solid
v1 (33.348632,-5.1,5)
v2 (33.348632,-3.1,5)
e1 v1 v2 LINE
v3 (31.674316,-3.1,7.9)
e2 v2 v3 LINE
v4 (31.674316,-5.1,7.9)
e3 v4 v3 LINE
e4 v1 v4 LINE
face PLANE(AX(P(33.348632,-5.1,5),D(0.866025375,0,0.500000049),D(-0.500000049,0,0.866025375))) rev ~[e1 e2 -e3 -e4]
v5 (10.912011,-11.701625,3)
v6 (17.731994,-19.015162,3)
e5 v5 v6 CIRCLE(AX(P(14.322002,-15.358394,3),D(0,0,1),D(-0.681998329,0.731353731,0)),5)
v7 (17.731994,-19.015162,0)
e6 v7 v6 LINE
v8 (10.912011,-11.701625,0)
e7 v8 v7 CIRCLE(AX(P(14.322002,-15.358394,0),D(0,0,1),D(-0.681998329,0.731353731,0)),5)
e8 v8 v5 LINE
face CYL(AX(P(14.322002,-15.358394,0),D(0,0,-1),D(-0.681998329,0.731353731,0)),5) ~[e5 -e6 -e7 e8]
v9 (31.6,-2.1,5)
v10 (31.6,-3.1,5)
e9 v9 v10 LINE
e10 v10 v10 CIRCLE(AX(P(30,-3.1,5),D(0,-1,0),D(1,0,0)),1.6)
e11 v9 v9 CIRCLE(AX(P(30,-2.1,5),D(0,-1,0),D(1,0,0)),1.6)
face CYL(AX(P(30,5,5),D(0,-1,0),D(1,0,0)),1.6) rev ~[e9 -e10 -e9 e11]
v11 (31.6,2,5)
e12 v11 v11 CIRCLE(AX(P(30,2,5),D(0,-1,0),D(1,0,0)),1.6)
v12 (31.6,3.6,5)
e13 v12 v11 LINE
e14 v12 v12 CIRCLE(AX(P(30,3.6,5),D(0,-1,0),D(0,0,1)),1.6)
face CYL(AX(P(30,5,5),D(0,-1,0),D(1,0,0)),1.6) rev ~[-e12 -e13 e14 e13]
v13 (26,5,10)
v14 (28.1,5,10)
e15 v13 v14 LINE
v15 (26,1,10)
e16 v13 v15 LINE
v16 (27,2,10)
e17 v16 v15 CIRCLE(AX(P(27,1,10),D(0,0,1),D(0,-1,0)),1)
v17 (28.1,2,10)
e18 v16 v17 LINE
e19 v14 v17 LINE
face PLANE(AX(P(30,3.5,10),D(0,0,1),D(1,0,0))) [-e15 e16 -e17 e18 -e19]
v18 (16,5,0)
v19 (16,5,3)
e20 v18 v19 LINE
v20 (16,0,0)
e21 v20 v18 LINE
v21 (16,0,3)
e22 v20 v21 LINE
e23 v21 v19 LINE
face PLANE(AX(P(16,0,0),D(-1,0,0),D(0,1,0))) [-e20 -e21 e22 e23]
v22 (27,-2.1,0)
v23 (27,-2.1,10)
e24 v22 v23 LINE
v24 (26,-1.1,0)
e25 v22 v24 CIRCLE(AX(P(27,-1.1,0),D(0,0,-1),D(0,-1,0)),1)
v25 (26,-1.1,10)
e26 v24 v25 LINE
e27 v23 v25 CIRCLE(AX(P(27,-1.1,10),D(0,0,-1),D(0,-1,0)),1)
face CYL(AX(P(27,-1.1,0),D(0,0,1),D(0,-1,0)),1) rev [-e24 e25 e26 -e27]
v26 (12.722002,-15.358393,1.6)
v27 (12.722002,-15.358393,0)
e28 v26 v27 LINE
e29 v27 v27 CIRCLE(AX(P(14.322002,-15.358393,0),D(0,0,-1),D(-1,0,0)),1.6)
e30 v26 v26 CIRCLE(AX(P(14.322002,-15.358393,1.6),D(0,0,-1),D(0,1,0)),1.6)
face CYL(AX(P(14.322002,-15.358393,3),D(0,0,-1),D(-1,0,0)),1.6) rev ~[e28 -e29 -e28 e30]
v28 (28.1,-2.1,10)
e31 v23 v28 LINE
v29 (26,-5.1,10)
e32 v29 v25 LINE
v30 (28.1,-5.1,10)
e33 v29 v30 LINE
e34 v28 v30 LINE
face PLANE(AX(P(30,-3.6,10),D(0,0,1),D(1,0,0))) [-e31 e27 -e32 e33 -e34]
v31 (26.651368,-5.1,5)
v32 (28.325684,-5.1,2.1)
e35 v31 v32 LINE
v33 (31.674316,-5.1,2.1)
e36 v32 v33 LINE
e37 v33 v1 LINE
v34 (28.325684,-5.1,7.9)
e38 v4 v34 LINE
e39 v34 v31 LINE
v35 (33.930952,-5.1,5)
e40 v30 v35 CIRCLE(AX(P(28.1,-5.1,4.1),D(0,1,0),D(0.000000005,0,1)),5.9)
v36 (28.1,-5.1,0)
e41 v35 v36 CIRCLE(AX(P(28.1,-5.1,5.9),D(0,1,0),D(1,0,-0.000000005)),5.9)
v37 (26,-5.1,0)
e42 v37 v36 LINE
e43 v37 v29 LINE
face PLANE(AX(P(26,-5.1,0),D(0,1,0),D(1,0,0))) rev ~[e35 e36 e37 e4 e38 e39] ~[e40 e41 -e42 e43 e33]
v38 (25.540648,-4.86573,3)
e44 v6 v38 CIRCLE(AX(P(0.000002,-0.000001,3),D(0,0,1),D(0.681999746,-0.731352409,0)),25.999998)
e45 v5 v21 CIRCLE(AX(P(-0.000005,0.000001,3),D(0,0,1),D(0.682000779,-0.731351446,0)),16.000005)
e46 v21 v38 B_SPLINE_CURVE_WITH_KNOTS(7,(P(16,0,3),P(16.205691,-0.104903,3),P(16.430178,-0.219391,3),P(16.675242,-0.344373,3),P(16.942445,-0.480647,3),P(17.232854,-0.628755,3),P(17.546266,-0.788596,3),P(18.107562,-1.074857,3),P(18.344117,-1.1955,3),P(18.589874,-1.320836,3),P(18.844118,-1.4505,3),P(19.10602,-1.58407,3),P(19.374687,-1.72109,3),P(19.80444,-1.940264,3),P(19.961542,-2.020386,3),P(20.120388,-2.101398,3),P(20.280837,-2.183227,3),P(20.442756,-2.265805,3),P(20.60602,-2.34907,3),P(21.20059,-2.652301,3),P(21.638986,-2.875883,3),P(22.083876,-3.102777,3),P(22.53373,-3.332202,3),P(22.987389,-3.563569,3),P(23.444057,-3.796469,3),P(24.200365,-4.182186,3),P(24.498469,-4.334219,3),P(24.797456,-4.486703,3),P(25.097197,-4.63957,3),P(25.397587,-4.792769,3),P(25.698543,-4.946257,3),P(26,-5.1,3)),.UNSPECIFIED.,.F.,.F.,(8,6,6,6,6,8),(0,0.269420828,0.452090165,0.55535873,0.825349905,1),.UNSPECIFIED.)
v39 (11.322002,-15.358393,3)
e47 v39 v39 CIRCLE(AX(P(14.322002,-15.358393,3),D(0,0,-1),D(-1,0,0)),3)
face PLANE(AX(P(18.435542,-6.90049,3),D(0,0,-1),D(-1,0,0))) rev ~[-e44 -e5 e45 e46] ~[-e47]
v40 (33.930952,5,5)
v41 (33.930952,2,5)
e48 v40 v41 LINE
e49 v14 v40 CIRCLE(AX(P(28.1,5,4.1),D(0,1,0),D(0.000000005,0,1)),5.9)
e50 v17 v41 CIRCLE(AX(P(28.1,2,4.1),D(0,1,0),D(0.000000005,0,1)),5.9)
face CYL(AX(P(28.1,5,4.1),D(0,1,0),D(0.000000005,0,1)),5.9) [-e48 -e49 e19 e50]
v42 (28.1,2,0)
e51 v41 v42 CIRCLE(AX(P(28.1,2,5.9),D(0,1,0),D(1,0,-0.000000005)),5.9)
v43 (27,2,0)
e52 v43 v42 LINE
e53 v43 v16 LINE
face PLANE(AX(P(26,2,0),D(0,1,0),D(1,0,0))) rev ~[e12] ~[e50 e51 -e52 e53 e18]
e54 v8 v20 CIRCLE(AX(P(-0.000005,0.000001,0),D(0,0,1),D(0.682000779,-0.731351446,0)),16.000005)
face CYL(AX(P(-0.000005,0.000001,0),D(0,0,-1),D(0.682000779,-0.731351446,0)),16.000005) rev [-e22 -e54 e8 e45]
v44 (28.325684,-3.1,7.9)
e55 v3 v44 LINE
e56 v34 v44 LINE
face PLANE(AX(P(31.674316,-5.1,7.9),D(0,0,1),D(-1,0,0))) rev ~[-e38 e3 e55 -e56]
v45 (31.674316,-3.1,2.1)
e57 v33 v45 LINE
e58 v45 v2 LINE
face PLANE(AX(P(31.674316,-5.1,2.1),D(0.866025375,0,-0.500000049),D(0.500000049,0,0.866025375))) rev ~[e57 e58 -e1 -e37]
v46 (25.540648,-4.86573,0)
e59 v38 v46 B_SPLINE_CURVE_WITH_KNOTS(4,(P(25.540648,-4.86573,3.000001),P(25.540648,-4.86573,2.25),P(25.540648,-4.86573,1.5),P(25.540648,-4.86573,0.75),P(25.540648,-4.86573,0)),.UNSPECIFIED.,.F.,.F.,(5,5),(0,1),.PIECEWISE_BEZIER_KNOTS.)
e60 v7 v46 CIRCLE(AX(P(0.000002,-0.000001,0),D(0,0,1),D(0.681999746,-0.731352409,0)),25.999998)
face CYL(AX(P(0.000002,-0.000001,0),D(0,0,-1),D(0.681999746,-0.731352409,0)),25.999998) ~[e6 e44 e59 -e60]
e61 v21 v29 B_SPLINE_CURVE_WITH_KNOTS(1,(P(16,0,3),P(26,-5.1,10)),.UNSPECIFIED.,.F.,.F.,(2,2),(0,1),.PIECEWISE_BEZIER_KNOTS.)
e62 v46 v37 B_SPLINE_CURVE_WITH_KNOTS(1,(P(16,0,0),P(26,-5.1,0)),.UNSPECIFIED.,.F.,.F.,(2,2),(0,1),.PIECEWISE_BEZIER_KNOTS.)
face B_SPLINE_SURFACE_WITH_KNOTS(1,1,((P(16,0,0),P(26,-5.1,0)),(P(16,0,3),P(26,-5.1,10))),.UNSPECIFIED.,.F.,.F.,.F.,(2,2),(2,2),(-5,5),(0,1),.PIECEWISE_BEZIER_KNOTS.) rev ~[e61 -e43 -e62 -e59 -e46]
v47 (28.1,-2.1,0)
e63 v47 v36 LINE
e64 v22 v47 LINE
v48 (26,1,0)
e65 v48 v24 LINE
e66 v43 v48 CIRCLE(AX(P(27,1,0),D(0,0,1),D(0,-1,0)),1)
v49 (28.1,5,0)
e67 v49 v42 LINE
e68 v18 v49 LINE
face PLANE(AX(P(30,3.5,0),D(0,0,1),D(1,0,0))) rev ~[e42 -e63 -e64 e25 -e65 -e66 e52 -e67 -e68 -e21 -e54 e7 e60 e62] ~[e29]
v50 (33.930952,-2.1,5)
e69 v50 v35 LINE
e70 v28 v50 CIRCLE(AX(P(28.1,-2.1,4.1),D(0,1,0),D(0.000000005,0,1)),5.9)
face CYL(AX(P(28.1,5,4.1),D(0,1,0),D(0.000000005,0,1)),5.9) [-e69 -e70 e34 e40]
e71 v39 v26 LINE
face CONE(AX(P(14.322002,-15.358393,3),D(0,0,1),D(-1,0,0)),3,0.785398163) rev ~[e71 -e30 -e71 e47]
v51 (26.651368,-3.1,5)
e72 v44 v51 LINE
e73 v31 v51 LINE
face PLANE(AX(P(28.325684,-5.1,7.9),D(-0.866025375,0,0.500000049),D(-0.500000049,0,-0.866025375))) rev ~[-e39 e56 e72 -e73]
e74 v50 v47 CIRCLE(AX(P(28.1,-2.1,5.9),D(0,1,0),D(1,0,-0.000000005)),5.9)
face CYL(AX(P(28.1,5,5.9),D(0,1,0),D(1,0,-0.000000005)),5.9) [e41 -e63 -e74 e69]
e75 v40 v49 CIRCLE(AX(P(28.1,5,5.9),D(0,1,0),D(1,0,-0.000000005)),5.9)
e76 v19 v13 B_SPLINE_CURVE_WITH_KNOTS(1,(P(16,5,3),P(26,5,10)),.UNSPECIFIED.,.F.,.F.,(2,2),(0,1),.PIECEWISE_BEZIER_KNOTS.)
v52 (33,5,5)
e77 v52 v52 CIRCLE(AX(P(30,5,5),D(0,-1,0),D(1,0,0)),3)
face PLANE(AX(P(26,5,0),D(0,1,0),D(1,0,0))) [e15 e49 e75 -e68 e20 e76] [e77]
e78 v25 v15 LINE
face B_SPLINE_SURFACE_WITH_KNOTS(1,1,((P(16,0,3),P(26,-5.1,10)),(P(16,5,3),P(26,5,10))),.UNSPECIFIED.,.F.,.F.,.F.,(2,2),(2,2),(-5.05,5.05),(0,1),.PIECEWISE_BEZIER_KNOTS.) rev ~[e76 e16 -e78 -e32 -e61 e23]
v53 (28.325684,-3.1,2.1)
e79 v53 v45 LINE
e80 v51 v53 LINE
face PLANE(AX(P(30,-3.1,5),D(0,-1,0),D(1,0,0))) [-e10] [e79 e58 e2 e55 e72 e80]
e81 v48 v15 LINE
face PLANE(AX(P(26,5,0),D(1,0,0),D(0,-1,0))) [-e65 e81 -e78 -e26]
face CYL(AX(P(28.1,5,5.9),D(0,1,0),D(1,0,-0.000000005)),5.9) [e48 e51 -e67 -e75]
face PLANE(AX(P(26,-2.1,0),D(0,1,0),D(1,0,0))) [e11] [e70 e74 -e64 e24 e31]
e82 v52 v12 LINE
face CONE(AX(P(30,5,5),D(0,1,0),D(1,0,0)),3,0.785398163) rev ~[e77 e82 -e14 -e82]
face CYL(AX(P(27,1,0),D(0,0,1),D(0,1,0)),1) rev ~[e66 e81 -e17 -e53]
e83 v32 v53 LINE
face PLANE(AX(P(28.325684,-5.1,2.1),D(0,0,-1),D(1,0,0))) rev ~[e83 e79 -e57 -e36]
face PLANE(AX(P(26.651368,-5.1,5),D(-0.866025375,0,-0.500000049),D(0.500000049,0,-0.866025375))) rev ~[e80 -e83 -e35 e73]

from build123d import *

# Parameters (mm, degrees)
PAD_DEPTH           = 3
HOLE_D              = 3.2
HOLE_CSINK_D        = 6
HOLE_CSINK_ANGLE    = 90
SKETCH002_W         = 5
SKETCH002_H         = 3
SKETCH003_W         = 10.1
SKETCH003_H         = 10
SKETCH004_W         = 8
SKETCH004_H         = 3
PAD001_DEPTH        = 10
FILLET_R            = 1
POCKET_DEPTH        = 25.359393
HOLE001_D           = 3.2
HOLE001_CSINK_D     = 6
HOLE001_CSINK_ANGLE = 90
POCKET001_DEPTH     = 2


with BuildPart() as part:
    # Sketch → Pad (new body)
    with BuildSketch(Plane.XY):
        with BuildLine():
            ThreePointArc((10.912011, -11.701625), (14.672971, -6.379962), (16, 0))
            Line((16, 0), (16, 5))
            Line((26, 5), (16, 5))
            Line((26, 5), (26, 0))
            ThreePointArc((17.731994, -19.015162), (23.843572, -10.367453), (26, 0))
            ThreePointArc((10.912011, -11.701625), (10.665234, -18.768385), (17.731994, -19.015162))
        make_face()
    extrude(amount=PAD_DEPTH)

    # Hole (through all)
    with Locations(Plane.XY.offset(3)):
        with Locations((14.322002, -15.358393)):
            CounterSinkHole(HOLE_D / 2, HOLE_CSINK_D / 2, counter_sink_angle=HOLE_CSINK_ANGLE)

    # Sketch002 (on Face6 of Hole) → AdditiveLoft section 0
    with BuildSketch(Plane(origin=(16, 0, 0), x_dir=(0, -1, 0), z_dir=(-1, 0, 0))):
        with Locations((-2.5, 1.5)):
            Rectangle(SKETCH002_W, SKETCH002_H)
    # Sketch003 (on Face7 of Hole) → AdditiveLoft section 1
    with BuildSketch(Plane.YZ.offset(26)):
        with Locations((-0.05, 5)):
            Rectangle(SKETCH003_W, SKETCH003_H)
    loft()

    # Sketch004 → Pad001 (join)
    with BuildSketch(Plane.XY):
        with Locations((30, 3.5)):
            Rectangle(SKETCH004_W, SKETCH004_H)
        with Locations((30, -3.6)):
            Rectangle(SKETCH004_W, SKETCH004_H)
    extrude(amount=PAD001_DEPTH)

    # Fillet
    fillet_edges = [part.edges().sort_by_distance(p)[0] for p in [
        (26, 2, 5),
        (26, -2.1, 5),
    ]]
    fillet(fillet_edges, radius=FILLET_R)

    # Sketch005 (on Face14 of Fillet) → Pocket (cut, through all)
    with BuildSketch(Plane(origin=(0, 5, 0), x_dir=(-1, 0, 0), z_dir=(0, 1, 0))):
        with BuildLine():
            Line((-34, 10), (-28.1, 10))
            ThreePointArc((-28.1, 10), (-32.27193, 8.27193), (-34, 4.1))
            Line((-34, 10), (-34, 4.1))
        make_face()
        with BuildLine():
            Line((-34, 0), (-34, 5.9))
            ThreePointArc((-34, 5.9), (-32.27193, 1.72807), (-28.1, 0))
            Line((-34, 0), (-28.1, 0))
        make_face()
    extrude(amount=-POCKET_DEPTH, mode=Mode.SUBTRACT)

    # Hole001 (through all)
    with Locations(Plane(origin=(0, 5, 0), x_dir=(-1, 0, 0), z_dir=(0, 1, 0))):
        with Locations((-30, 5)):
            CounterSinkHole(HOLE001_D / 2, HOLE001_CSINK_D / 2, counter_sink_angle=HOLE001_CSINK_ANGLE)

    # Sketch007 (on Face17 of Hole001) → Pocket001 (cut)
    with BuildSketch(Plane.XZ.offset(5.1)):
        Polygon((33.348632, 5), (31.674316, 7.9), (28.325684, 7.9), (26.651368, 5), (28.325684, 2.1), (31.674316, 2.1), align=None)
    extrude(amount=-POCKET001_DEPTH, mode=Mode.SUBTRACT)


solid = part.part
